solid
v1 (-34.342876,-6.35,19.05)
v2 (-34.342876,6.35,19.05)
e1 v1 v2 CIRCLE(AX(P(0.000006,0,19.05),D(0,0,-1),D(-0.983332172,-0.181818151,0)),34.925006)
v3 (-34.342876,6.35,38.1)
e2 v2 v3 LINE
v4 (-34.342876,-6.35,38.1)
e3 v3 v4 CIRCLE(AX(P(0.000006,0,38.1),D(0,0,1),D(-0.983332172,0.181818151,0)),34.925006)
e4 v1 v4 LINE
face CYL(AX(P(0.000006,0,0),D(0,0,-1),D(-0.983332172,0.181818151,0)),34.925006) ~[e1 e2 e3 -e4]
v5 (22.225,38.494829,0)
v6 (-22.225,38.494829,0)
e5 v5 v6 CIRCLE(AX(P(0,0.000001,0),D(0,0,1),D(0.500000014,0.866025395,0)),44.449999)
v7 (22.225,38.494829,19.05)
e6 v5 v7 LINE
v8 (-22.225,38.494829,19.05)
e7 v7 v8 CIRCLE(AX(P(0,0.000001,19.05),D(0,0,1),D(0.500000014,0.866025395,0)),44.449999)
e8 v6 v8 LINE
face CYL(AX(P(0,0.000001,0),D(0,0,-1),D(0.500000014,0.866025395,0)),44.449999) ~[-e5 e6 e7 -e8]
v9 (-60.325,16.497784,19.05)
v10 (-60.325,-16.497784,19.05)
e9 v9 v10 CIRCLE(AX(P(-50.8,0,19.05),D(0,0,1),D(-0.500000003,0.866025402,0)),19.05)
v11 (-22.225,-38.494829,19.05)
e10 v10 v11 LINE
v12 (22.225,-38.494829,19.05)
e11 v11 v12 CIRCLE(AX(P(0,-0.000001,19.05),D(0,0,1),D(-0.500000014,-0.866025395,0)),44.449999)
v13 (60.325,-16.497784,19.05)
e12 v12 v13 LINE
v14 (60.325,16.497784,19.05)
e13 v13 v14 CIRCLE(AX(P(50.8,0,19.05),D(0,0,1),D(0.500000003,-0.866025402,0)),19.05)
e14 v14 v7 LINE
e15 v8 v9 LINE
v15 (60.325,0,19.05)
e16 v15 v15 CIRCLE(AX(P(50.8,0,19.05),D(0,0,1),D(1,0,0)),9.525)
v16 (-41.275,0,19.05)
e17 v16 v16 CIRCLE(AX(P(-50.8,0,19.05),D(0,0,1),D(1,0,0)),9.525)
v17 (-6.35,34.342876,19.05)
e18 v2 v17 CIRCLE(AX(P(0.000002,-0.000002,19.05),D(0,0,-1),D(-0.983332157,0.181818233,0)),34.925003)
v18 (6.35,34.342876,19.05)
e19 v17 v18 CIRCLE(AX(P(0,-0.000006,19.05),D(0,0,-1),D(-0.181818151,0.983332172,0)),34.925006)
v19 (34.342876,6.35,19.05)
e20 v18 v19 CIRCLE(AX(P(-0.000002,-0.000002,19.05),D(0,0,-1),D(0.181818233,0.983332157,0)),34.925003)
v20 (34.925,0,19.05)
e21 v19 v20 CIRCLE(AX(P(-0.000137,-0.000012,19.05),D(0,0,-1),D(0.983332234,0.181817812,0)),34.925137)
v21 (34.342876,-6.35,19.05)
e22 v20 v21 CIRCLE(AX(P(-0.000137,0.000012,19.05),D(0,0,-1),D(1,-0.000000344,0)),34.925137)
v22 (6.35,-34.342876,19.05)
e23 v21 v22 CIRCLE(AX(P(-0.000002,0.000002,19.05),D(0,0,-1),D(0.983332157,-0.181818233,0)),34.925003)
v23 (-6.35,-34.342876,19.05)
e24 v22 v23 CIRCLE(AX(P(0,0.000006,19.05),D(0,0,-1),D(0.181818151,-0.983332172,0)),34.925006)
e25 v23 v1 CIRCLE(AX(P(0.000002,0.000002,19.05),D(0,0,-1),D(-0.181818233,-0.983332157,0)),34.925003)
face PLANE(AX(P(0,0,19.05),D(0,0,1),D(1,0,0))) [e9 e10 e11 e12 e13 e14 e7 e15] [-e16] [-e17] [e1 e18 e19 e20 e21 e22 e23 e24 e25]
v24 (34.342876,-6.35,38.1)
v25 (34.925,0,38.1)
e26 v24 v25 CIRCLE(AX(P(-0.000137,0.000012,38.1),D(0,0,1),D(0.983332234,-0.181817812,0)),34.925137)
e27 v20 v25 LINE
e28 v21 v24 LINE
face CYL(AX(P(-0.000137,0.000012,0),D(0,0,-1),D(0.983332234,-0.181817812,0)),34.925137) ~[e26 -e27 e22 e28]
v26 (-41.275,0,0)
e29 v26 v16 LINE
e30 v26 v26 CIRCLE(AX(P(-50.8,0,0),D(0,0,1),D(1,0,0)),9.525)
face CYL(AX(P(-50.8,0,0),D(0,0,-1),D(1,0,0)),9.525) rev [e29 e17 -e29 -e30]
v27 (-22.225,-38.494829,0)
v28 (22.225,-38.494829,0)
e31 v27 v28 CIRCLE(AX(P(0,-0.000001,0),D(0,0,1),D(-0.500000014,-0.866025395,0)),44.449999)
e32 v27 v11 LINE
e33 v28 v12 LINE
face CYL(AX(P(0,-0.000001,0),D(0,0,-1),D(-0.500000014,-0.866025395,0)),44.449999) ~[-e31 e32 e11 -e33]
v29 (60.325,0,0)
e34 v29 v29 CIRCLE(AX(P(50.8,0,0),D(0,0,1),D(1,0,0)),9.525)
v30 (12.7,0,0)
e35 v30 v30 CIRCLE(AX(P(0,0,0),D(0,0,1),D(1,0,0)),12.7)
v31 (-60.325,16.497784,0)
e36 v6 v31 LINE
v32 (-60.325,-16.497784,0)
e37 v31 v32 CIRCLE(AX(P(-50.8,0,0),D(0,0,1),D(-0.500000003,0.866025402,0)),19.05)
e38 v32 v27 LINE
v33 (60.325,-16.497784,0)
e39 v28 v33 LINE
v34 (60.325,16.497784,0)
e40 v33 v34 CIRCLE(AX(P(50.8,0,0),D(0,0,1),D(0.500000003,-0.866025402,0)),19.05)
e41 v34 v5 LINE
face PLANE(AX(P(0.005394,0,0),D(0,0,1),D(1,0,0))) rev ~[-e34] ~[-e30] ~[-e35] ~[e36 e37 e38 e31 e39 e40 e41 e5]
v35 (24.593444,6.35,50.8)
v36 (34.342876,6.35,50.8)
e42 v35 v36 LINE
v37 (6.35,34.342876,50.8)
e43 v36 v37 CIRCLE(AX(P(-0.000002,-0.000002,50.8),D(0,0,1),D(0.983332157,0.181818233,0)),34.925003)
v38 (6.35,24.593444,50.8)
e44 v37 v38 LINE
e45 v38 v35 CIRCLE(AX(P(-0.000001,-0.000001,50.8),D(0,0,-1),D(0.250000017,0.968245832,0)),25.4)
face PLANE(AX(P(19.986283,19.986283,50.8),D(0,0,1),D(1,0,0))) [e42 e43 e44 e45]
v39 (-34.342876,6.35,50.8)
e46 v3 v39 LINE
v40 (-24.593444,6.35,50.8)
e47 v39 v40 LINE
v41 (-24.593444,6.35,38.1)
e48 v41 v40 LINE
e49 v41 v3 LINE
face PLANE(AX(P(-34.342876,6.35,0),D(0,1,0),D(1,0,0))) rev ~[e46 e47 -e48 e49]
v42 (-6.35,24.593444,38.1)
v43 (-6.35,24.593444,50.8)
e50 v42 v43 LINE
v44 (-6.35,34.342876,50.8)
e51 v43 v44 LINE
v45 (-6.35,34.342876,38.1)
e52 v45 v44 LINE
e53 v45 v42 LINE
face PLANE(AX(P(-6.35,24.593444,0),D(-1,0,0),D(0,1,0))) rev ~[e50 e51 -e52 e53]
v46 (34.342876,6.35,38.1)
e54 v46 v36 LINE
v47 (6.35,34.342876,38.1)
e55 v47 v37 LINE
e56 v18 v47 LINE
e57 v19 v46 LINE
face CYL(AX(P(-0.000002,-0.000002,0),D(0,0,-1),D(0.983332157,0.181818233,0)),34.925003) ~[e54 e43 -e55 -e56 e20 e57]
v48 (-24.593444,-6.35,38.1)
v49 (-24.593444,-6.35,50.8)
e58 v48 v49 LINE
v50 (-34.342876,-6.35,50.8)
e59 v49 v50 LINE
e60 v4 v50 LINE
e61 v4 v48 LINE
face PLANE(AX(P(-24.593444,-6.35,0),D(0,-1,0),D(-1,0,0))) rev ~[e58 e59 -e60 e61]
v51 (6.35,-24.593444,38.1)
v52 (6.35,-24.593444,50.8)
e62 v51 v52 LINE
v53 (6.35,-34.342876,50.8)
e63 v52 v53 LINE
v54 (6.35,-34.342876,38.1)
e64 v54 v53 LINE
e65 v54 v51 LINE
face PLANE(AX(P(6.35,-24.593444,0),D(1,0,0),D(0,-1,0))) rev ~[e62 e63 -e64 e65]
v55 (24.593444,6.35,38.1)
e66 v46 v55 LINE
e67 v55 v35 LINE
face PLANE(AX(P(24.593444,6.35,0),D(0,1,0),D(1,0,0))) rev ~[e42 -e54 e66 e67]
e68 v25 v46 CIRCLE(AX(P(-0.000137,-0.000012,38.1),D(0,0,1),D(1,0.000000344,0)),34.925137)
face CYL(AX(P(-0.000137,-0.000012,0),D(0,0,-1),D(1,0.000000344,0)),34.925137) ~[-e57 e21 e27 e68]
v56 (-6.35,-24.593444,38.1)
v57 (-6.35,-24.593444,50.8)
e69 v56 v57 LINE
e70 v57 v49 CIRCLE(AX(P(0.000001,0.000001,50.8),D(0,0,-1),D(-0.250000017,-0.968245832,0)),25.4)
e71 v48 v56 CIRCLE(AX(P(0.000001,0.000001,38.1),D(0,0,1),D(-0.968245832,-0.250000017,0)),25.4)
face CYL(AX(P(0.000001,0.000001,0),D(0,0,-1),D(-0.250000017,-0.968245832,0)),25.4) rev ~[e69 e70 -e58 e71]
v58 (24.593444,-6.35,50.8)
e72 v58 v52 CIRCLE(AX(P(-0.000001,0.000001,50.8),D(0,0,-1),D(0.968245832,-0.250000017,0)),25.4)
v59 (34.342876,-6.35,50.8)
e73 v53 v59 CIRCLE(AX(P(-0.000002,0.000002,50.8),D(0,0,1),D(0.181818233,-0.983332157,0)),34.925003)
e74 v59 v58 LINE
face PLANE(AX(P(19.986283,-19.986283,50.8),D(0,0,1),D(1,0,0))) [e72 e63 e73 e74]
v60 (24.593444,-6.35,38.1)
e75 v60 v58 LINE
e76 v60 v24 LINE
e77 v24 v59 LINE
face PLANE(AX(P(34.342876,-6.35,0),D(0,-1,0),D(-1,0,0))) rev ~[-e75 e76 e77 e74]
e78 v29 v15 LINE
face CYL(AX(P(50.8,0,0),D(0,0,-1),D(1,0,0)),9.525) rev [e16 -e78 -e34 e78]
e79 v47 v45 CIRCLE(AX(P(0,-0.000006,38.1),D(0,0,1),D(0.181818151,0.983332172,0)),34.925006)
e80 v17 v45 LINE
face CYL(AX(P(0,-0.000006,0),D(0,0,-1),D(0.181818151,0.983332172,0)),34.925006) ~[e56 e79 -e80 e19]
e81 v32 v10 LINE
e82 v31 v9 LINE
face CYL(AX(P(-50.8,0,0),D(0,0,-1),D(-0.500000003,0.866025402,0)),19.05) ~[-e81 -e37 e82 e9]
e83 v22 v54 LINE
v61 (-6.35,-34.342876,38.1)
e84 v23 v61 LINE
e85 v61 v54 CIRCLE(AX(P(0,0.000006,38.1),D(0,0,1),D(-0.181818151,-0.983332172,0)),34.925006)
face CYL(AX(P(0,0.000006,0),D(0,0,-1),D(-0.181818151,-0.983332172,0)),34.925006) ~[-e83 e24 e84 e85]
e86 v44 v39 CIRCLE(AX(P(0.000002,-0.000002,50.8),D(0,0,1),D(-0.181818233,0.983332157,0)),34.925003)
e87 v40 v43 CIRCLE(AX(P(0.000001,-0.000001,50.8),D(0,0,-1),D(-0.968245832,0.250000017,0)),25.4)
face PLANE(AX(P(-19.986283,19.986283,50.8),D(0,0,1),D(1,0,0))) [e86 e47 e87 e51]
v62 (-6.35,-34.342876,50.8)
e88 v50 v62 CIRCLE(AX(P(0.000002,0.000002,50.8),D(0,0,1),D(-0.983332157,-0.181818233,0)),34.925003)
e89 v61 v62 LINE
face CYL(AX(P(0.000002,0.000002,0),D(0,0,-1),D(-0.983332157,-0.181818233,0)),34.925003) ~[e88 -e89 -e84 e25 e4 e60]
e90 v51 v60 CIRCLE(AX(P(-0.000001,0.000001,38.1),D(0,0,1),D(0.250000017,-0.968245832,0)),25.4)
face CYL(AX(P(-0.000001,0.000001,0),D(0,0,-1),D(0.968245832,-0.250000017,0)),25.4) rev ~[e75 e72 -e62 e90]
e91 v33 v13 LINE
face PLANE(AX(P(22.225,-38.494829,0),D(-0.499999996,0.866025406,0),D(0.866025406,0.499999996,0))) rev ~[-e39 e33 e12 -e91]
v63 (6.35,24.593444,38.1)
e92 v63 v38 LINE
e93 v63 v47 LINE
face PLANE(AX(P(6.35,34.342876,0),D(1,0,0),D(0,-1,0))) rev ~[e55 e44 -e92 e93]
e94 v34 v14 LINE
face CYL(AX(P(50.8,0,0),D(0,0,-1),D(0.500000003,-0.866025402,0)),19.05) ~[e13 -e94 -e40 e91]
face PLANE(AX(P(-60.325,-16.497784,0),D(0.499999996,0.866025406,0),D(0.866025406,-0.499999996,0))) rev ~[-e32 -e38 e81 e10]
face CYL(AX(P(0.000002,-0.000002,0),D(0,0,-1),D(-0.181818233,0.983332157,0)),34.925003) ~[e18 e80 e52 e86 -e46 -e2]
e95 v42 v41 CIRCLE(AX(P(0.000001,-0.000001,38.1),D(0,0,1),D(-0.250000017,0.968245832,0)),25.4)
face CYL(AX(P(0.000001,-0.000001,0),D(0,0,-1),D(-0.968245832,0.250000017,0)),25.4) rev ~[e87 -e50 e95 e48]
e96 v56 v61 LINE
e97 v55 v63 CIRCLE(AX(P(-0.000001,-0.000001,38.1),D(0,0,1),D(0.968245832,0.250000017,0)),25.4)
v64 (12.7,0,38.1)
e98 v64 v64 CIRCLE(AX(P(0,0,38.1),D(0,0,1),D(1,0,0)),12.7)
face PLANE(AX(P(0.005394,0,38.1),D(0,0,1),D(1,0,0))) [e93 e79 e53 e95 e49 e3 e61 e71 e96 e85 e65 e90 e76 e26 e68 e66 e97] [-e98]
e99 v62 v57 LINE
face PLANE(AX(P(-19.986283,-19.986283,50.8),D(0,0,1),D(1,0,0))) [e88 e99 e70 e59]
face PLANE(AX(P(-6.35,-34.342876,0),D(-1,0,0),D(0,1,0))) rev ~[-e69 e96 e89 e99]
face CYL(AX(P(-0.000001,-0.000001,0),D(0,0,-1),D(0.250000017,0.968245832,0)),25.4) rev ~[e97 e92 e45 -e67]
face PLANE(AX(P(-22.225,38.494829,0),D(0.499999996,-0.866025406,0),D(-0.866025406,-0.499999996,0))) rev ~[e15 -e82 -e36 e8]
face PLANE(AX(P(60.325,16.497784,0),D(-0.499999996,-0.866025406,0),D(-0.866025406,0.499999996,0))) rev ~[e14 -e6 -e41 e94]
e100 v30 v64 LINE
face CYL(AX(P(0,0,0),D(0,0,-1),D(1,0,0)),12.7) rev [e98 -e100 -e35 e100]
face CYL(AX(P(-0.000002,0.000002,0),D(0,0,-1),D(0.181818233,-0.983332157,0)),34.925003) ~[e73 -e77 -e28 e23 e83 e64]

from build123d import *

# Parameters (mm, degrees)
F0_R     = 9.525
F1_DEPTH = 19.05
F0_R_2   = 12.7
F2_DEPTH = 38.1
F3_DEPTH = 50.8


with BuildPart() as f1:
    # F0 (on Top) → F1 (new body)
    with BuildSketch(Plane.XY):
        with BuildLine():
            Line((-60.325, -16.497784), (-22.225, -38.494829))
            ThreePointArc((-22.225, -38.494829), (0, -44.45), (22.225, -38.494829))
            Line((22.225, -38.494829), (60.325, -16.497784))
            ThreePointArc((60.325, -16.497784), (69.85, 0), (60.325, 16.497784))
            Line((60.325, 16.497784), (22.225, 38.494829))
            ThreePointArc((22.225, 38.494829), (0, 44.45), (-22.225, 38.494829))
            Line((-22.225, 38.494829), (-60.325, 16.497784))
            ThreePointArc((-60.325, 16.497784), (-69.85, 0), (-60.325, -16.497784))
        make_face()
        with Locations((-50.8, 0)):
            Circle(F0_R, mode=Mode.SUBTRACT)
        with BuildLine():
            ThreePointArc((34.342876, 6.35), (34.779164, 3.188313), (34.925, 0))
            ThreePointArc((34.925, 0), (34.779164, -3.188313), (34.342876, -6.35))
            ThreePointArc((34.342876, -6.35), (24.695704, -24.695704), (6.35, -34.342876))
            ThreePointArc((6.35, -34.342876), (0, -34.925), (-6.35, -34.342876))
            ThreePointArc((-6.35, -34.342876), (-24.695704, -24.695704), (-34.342876, -6.35))
            ThreePointArc((-34.342876, -6.35), (-34.925, 0), (-34.342876, 6.35))
            ThreePointArc((-34.342876, 6.35), (-24.695704, 24.695704), (-6.35, 34.342876))
            ThreePointArc((-6.35, 34.342876), (0, 34.925), (6.35, 34.342876))
            ThreePointArc((6.35, 34.342876), (24.695704, 24.695704), (34.342876, 6.35))
        make_face(mode=Mode.SUBTRACT)
        with Locations((50.8, 0)):
            Circle(F0_R, mode=Mode.SUBTRACT)
    extrude(amount=F1_DEPTH)

    # F0 (on Top) → F2 (join)
    with BuildSketch(Plane.XY):
        with BuildLine():
            ThreePointArc((25.4, 0), (25.197554, 3.200509), (24.593444, 6.35))
            ThreePointArc((24.593444, 6.35), (17.960512, 17.960512), (6.35, 24.593444))
            ThreePointArc((6.35, 24.593444), (0, 25.4), (-6.35, 24.593444))
            ThreePointArc((-6.35, 24.593444), (-17.960512, 17.960512), (-24.593444, 6.35))
            ThreePointArc((-24.593444, 6.35), (-25.4, 0), (-24.593444, -6.35))
            ThreePointArc((-24.593444, -6.35), (-17.960512, -17.960512), (-6.35, -24.593444))
            ThreePointArc((-6.35, -24.593444), (0, -25.4), (6.35, -24.593444))
            ThreePointArc((6.35, -24.593444), (17.960512, -17.960512), (24.593444, -6.35))
            ThreePointArc((24.593444, -6.35), (25.197554, -3.200509), (25.4, 0))
        make_face()
        Circle(F0_R_2, mode=Mode.SUBTRACT)
        with BuildLine():
            Line((-24.593444, 6.35), (-34.342876, 6.35))
            ThreePointArc((-34.342876, 6.35), (-34.925, 0), (-34.342876, -6.35))
            Line((-34.342876, -6.35), (-24.593444, -6.35))
            ThreePointArc((-24.593444, -6.35), (-25.4, 0), (-24.593444, 6.35))
        make_face()
        with BuildLine():
            Line((6.35, 24.593444), (6.35, 34.342876))
            ThreePointArc((6.35, 34.342876), (0, 34.925), (-6.35, 34.342876))
            Line((-6.35, 34.342876), (-6.35, 24.593444))
            ThreePointArc((-6.35, 24.593444), (0, 25.4), (6.35, 24.593444))
        make_face()
        with BuildLine():
            ThreePointArc((-6.35, -34.342876), (0, -34.925), (6.35, -34.342876))
            Line((6.35, -34.342876), (6.35, -24.593444))
            ThreePointArc((6.35, -24.593444), (0, -25.4), (-6.35, -24.593444))
            Line((-6.35, -24.593444), (-6.35, -34.342876))
        make_face()
        with BuildLine():
            ThreePointArc((34.342876, -6.35), (34.779164, -3.188313), (34.925, 0))
            ThreePointArc((34.925, 0), (34.779164, 3.188313), (34.342876, 6.35))
            Line((34.342876, 6.35), (24.593444, 6.35))
            ThreePointArc((24.593444, 6.35), (25.197554, 3.200509), (25.4, 0))
            ThreePointArc((25.4, 0), (25.197554, -3.200509), (24.593444, -6.35))
            Line((24.593444, -6.35), (34.342876, -6.35))
        make_face()
    extrude(amount=F2_DEPTH)

    # F0 (on Top) → F3 (join)
    with BuildSketch(Plane.XY):
        with BuildLine():
            Line((24.593444, 6.35), (34.342876, 6.35))
            ThreePointArc((34.342876, 6.35), (24.695704, 24.695704), (6.35, 34.342876))
            Line((6.35, 34.342876), (6.35, 24.593444))
            ThreePointArc((6.35, 24.593444), (17.960512, 17.960512), (24.593444, 6.35))
        make_face()
        with BuildLine():
            ThreePointArc((6.35, -34.342876), (24.695704, -24.695704), (34.342876, -6.35))
            Line((34.342876, -6.35), (24.593444, -6.35))
            ThreePointArc((24.593444, -6.35), (17.960512, -17.960512), (6.35, -24.593444))
            Line((6.35, -24.593444), (6.35, -34.342876))
        make_face()
        with BuildLine():
            ThreePointArc((-34.342876, -6.35), (-24.695704, -24.695704), (-6.35, -34.342876))
            Line((-6.35, -34.342876), (-6.35, -24.593444))
            ThreePointArc((-6.35, -24.593444), (-17.960512, -17.960512), (-24.593444, -6.35))
            Line((-24.593444, -6.35), (-34.342876, -6.35))
        make_face()
        with BuildLine():
            Line((-6.35, 24.593444), (-6.35, 34.342876))
            ThreePointArc((-6.35, 34.342876), (-24.695704, 24.695704), (-34.342876, 6.35))
            Line((-34.342876, 6.35), (-24.593444, 6.35))
            ThreePointArc((-24.593444, 6.35), (-17.960512, 17.960512), (-6.35, 24.593444))
        make_face()
    extrude(amount=F3_DEPTH)


solid = f1.part
